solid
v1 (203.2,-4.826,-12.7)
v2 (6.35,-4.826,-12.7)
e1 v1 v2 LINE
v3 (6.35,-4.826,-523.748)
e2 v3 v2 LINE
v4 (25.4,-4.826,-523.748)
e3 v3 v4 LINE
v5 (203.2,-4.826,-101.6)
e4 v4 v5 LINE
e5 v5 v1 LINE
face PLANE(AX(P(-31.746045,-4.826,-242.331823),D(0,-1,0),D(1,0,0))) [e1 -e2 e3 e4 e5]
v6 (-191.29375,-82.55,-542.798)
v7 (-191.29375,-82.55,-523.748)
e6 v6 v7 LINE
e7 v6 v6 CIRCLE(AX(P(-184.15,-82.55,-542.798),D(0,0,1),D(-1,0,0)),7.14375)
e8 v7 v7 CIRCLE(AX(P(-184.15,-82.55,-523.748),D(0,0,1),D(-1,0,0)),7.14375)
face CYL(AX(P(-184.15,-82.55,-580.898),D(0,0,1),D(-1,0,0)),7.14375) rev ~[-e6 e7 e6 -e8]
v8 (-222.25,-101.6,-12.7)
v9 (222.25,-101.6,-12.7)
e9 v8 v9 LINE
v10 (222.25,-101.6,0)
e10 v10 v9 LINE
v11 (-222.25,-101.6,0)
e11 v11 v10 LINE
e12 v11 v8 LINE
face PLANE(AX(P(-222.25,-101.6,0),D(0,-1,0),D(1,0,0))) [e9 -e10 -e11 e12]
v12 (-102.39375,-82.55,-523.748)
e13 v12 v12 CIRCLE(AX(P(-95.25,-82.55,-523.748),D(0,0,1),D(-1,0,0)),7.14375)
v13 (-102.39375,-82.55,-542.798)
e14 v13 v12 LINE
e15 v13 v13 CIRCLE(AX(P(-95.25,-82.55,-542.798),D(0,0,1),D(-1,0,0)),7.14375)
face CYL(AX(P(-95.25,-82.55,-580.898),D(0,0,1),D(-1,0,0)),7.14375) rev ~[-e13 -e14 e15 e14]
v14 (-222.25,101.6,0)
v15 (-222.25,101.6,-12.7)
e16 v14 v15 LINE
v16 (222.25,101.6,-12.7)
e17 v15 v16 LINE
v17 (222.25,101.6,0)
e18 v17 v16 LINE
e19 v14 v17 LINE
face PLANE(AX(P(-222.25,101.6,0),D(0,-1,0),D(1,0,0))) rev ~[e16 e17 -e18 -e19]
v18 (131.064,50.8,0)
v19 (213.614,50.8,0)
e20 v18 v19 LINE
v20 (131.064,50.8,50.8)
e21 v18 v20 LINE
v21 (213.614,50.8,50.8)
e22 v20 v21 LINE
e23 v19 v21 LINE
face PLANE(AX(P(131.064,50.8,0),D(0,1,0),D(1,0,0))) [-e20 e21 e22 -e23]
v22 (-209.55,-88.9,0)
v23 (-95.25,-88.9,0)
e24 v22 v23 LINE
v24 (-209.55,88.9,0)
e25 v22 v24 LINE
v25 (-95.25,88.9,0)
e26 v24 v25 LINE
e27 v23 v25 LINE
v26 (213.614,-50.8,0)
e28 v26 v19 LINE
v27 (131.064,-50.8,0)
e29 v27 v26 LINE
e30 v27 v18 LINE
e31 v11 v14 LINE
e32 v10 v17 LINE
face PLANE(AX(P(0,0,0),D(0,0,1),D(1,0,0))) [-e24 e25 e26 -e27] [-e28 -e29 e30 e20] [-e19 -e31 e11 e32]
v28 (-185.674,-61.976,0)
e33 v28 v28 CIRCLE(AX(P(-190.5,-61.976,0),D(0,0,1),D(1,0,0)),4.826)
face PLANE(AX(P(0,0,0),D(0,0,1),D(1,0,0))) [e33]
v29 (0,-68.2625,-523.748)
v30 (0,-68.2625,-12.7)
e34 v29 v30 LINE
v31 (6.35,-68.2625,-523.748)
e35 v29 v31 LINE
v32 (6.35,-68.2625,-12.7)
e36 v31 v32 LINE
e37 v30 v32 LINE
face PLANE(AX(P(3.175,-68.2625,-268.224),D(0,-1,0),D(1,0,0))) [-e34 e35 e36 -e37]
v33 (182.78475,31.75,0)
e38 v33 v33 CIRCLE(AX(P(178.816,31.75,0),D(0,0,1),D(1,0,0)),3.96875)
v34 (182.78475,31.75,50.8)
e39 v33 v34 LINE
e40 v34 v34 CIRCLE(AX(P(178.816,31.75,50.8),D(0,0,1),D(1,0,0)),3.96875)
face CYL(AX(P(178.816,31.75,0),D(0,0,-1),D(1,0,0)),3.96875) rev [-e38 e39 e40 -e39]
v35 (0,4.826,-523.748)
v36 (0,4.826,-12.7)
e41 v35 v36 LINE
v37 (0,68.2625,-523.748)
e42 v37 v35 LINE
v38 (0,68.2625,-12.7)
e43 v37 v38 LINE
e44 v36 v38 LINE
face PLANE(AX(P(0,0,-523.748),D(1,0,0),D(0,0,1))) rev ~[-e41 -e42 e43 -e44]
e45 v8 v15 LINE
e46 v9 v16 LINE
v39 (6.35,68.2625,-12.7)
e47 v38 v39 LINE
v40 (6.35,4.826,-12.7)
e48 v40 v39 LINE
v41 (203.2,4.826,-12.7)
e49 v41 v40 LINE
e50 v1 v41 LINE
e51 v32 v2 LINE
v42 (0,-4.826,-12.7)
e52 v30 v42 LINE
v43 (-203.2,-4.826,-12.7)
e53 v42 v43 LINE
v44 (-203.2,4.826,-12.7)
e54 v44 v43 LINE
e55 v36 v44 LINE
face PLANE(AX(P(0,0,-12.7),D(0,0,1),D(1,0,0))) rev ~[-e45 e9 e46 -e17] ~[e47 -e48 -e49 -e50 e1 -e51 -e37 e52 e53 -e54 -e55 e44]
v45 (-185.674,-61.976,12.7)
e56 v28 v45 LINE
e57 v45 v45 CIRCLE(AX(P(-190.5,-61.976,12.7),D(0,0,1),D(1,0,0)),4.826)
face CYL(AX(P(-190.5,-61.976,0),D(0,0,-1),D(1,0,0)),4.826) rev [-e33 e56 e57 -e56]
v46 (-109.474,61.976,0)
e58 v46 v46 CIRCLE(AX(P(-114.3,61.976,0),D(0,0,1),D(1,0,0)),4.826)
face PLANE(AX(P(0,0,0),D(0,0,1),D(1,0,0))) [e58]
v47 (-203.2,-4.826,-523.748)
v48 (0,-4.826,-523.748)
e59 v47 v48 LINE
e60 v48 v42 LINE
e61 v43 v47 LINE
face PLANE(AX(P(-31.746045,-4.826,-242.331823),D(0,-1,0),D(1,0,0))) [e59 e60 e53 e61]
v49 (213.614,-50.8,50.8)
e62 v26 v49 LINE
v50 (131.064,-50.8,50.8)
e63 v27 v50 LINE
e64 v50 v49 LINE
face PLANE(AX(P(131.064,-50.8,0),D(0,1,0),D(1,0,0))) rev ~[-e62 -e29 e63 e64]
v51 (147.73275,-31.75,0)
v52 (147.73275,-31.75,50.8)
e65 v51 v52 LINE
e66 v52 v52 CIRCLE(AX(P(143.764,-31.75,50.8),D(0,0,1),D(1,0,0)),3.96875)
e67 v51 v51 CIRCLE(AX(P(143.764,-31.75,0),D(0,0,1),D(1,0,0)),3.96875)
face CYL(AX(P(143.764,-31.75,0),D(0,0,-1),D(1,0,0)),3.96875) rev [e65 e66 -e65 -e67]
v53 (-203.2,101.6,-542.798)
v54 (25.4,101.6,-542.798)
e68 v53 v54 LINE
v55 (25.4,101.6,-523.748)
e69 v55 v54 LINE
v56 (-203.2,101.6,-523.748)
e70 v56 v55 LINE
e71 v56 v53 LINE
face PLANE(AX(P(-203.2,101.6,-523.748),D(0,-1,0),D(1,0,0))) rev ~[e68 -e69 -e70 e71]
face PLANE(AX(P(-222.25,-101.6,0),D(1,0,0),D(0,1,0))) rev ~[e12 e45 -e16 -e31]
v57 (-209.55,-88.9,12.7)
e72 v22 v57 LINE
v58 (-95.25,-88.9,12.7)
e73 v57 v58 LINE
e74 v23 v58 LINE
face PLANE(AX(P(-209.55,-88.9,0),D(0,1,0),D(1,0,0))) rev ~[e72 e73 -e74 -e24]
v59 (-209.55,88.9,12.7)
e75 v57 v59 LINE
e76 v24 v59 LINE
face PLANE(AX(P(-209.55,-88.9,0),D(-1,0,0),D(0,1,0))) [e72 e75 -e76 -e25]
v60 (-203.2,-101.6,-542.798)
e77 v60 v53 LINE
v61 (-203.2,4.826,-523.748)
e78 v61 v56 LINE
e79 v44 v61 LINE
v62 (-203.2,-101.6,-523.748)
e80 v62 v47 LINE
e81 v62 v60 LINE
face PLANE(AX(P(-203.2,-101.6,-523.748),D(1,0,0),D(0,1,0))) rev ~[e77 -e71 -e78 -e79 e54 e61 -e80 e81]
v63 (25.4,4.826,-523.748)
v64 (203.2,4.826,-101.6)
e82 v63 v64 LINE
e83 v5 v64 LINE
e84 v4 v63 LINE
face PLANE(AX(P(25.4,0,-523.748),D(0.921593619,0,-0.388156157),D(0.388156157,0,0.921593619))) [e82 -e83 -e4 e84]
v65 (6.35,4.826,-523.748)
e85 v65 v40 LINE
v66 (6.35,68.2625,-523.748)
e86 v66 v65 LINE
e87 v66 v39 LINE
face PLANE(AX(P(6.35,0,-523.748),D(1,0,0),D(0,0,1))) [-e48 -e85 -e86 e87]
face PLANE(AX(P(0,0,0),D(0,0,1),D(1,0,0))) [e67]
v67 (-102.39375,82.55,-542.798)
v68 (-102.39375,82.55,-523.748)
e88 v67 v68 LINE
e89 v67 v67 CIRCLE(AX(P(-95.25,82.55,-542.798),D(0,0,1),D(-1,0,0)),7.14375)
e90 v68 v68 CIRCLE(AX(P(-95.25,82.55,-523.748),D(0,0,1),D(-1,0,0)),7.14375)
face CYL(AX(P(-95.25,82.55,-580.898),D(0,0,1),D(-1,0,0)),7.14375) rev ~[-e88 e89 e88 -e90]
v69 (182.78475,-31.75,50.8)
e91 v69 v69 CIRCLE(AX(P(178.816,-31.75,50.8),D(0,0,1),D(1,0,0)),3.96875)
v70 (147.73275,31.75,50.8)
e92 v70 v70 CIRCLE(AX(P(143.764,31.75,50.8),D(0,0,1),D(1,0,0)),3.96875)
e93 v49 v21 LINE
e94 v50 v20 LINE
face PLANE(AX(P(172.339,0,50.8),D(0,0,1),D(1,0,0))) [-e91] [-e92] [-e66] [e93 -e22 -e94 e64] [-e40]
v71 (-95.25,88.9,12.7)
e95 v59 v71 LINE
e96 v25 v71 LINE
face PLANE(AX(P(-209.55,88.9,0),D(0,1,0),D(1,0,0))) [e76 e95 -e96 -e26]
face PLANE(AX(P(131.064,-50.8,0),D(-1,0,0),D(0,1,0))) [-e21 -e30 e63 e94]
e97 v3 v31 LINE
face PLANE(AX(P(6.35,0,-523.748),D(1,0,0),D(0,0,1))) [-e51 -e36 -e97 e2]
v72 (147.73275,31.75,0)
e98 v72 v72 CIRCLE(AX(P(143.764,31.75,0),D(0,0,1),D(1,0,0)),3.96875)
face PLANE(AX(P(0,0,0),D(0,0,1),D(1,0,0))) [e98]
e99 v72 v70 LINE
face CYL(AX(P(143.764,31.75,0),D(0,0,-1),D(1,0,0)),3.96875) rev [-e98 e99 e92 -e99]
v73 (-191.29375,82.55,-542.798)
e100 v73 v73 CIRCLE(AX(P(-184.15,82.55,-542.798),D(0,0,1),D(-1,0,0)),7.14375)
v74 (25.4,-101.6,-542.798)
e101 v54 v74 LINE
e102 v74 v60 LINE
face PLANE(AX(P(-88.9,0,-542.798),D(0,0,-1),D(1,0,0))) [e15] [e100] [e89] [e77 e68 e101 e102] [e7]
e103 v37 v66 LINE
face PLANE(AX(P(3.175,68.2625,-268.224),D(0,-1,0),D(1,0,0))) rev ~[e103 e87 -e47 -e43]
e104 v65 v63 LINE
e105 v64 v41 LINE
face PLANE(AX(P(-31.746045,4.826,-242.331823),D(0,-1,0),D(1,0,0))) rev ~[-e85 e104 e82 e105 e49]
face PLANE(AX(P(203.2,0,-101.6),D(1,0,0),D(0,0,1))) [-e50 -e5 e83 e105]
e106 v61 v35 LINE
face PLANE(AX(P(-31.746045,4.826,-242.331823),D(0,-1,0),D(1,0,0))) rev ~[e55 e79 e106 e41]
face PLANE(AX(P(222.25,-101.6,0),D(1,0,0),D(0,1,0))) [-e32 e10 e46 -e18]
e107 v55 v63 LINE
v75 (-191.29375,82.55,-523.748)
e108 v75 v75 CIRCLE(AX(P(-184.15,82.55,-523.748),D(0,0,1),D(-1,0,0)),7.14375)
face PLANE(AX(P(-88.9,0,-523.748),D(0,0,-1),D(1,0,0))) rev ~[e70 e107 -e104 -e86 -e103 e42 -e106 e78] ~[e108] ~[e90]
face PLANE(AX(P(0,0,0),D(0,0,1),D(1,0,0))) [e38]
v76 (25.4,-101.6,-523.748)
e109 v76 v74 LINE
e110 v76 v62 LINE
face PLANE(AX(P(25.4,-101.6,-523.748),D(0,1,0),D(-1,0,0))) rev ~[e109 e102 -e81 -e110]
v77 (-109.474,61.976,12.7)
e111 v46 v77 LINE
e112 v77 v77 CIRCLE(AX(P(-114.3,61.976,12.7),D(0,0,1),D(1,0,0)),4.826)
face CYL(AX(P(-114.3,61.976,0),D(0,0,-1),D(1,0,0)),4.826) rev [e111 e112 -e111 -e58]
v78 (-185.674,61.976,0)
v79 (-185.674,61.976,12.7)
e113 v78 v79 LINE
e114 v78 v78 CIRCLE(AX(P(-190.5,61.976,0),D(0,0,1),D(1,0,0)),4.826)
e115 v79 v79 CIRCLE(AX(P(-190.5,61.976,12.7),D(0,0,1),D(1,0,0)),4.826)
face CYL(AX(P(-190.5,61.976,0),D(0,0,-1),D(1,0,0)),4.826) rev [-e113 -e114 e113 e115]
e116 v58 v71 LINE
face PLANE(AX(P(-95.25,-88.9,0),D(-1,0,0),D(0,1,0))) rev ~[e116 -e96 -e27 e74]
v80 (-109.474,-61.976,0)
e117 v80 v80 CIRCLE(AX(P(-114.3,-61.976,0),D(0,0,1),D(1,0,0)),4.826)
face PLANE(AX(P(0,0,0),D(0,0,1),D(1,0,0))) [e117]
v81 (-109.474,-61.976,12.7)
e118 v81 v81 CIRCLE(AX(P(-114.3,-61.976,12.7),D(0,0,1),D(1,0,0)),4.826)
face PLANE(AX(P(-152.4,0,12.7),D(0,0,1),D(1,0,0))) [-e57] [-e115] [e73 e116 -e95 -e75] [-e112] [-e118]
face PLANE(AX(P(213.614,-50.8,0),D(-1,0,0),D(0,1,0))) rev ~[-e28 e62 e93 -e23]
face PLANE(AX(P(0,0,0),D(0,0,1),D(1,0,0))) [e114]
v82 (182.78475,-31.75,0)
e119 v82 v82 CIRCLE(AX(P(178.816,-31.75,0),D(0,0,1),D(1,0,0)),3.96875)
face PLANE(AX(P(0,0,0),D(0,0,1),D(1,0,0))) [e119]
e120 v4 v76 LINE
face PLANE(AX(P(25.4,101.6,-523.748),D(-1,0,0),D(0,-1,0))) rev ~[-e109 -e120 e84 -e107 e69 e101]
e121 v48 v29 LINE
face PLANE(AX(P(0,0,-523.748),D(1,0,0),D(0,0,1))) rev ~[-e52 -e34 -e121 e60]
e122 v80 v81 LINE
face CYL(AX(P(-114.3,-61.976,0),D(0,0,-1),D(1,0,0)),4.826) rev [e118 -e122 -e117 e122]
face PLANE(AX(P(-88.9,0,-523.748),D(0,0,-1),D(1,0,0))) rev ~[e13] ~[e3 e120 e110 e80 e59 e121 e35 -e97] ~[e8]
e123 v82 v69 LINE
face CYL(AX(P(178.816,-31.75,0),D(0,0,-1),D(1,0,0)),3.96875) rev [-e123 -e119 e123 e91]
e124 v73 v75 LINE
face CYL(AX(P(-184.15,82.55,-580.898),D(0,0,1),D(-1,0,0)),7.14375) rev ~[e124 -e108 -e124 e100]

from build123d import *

# Parameters (mm, degrees)
F0_W      = 444.5
F0_H      = 203.2
F1_DEPTH  = 12.7
F3_DEPTH  = 4.826
F4_W      = 6.35
F4_H      = 511.048
F5_DEPTH  = 68.2625
F7_DEPTH  = 19.05
F9_D      = 14.2875
F9_DEPTH  = 38.1
F10_W     = 114.3
F10_H     = 177.8
F10_R     = 4.826
F11_DEPTH = 12.7
F12_W     = 82.55
F12_H     = 101.6
F12_R     = 3.96875
F13_DEPTH = 50.8


with BuildPart() as f1:
    # F0 (on Top) → F1 (new body)
    with BuildSketch(Plane.XY):
        Rectangle(F0_W, F0_H)
    extrude(amount=-F1_DEPTH)

    # F2 (on Front) → F3 (join, symmetric)
    with BuildSketch(Plane.XZ):
        Polygon((203.2, -12.7), (-203.2, -12.7), (-203.2, -523.748), (25.4, -523.748), (203.2, -101.6), align=None)
    extrude(amount=F3_DEPTH, both=True)

    # F4 (on Front) → F5 (join, symmetric)
    with BuildSketch(Plane.XZ):
        with Locations((3.175, -268.224)):
            Rectangle(F4_W, F4_H)
    extrude(amount=F5_DEPTH, both=True)

    # F6 (on face) → F7 (join)
    with BuildSketch(Plane(origin=(0, 0, -523.748), x_dir=(1, 0, 0), z_dir=(0, 0, -1))):
        Polygon((25.4, 101.6), (-203.2, 101.6), (-203.2, 4.826), (-203.2, -4.826), (-203.2, -101.6), (25.4, -101.6), (25.4, -4.826), (25.4, 4.826), align=None)
    extrude(amount=F7_DEPTH)

    # F9
    with Locations(Plane(origin=(0, 0, -542.798), x_dir=(1, 0, 0), z_dir=(0, 0, -1))):
        with Locations((-95.25, 82.55), (-184.15, 82.55), (-95.25, -82.55), (-184.15, -82.55)):
            Hole(F9_D / 2, depth=F9_DEPTH)

    # F10 (on face) → F11 (join)
    with BuildSketch(Plane.XY):
        with Locations((-152.4, 0)):
            Rectangle(F10_W, F10_H)
        with Locations((-190.5, -61.976)):
            Circle(F10_R, mode=Mode.SUBTRACT)
        with Locations((-114.3, -61.976)):
            Circle(F10_R, mode=Mode.SUBTRACT)
        with Locations((-190.5, 61.976)):
            Circle(F10_R, mode=Mode.SUBTRACT)
        with Locations((-114.3, 61.976)):
            Circle(F10_R, mode=Mode.SUBTRACT)
    extrude(amount=F11_DEPTH)

    # F12 (on face) → F13 (join)
    with BuildSketch(Plane.XY):
        with Locations((172.339, 0)):
            Rectangle(F12_W, F12_H)
        with Locations((143.764, -31.75)):
            Circle(F12_R, mode=Mode.SUBTRACT)
        with Locations((178.816, -31.75)):
            Circle(F12_R, mode=Mode.SUBTRACT)
        with Locations((143.764, 31.75)):
            Circle(F12_R, mode=Mode.SUBTRACT)
        with Locations((178.816, 31.75)):
            Circle(F12_R, mode=Mode.SUBTRACT)
    extrude(amount=F13_DEPTH)


solid = f1.part
